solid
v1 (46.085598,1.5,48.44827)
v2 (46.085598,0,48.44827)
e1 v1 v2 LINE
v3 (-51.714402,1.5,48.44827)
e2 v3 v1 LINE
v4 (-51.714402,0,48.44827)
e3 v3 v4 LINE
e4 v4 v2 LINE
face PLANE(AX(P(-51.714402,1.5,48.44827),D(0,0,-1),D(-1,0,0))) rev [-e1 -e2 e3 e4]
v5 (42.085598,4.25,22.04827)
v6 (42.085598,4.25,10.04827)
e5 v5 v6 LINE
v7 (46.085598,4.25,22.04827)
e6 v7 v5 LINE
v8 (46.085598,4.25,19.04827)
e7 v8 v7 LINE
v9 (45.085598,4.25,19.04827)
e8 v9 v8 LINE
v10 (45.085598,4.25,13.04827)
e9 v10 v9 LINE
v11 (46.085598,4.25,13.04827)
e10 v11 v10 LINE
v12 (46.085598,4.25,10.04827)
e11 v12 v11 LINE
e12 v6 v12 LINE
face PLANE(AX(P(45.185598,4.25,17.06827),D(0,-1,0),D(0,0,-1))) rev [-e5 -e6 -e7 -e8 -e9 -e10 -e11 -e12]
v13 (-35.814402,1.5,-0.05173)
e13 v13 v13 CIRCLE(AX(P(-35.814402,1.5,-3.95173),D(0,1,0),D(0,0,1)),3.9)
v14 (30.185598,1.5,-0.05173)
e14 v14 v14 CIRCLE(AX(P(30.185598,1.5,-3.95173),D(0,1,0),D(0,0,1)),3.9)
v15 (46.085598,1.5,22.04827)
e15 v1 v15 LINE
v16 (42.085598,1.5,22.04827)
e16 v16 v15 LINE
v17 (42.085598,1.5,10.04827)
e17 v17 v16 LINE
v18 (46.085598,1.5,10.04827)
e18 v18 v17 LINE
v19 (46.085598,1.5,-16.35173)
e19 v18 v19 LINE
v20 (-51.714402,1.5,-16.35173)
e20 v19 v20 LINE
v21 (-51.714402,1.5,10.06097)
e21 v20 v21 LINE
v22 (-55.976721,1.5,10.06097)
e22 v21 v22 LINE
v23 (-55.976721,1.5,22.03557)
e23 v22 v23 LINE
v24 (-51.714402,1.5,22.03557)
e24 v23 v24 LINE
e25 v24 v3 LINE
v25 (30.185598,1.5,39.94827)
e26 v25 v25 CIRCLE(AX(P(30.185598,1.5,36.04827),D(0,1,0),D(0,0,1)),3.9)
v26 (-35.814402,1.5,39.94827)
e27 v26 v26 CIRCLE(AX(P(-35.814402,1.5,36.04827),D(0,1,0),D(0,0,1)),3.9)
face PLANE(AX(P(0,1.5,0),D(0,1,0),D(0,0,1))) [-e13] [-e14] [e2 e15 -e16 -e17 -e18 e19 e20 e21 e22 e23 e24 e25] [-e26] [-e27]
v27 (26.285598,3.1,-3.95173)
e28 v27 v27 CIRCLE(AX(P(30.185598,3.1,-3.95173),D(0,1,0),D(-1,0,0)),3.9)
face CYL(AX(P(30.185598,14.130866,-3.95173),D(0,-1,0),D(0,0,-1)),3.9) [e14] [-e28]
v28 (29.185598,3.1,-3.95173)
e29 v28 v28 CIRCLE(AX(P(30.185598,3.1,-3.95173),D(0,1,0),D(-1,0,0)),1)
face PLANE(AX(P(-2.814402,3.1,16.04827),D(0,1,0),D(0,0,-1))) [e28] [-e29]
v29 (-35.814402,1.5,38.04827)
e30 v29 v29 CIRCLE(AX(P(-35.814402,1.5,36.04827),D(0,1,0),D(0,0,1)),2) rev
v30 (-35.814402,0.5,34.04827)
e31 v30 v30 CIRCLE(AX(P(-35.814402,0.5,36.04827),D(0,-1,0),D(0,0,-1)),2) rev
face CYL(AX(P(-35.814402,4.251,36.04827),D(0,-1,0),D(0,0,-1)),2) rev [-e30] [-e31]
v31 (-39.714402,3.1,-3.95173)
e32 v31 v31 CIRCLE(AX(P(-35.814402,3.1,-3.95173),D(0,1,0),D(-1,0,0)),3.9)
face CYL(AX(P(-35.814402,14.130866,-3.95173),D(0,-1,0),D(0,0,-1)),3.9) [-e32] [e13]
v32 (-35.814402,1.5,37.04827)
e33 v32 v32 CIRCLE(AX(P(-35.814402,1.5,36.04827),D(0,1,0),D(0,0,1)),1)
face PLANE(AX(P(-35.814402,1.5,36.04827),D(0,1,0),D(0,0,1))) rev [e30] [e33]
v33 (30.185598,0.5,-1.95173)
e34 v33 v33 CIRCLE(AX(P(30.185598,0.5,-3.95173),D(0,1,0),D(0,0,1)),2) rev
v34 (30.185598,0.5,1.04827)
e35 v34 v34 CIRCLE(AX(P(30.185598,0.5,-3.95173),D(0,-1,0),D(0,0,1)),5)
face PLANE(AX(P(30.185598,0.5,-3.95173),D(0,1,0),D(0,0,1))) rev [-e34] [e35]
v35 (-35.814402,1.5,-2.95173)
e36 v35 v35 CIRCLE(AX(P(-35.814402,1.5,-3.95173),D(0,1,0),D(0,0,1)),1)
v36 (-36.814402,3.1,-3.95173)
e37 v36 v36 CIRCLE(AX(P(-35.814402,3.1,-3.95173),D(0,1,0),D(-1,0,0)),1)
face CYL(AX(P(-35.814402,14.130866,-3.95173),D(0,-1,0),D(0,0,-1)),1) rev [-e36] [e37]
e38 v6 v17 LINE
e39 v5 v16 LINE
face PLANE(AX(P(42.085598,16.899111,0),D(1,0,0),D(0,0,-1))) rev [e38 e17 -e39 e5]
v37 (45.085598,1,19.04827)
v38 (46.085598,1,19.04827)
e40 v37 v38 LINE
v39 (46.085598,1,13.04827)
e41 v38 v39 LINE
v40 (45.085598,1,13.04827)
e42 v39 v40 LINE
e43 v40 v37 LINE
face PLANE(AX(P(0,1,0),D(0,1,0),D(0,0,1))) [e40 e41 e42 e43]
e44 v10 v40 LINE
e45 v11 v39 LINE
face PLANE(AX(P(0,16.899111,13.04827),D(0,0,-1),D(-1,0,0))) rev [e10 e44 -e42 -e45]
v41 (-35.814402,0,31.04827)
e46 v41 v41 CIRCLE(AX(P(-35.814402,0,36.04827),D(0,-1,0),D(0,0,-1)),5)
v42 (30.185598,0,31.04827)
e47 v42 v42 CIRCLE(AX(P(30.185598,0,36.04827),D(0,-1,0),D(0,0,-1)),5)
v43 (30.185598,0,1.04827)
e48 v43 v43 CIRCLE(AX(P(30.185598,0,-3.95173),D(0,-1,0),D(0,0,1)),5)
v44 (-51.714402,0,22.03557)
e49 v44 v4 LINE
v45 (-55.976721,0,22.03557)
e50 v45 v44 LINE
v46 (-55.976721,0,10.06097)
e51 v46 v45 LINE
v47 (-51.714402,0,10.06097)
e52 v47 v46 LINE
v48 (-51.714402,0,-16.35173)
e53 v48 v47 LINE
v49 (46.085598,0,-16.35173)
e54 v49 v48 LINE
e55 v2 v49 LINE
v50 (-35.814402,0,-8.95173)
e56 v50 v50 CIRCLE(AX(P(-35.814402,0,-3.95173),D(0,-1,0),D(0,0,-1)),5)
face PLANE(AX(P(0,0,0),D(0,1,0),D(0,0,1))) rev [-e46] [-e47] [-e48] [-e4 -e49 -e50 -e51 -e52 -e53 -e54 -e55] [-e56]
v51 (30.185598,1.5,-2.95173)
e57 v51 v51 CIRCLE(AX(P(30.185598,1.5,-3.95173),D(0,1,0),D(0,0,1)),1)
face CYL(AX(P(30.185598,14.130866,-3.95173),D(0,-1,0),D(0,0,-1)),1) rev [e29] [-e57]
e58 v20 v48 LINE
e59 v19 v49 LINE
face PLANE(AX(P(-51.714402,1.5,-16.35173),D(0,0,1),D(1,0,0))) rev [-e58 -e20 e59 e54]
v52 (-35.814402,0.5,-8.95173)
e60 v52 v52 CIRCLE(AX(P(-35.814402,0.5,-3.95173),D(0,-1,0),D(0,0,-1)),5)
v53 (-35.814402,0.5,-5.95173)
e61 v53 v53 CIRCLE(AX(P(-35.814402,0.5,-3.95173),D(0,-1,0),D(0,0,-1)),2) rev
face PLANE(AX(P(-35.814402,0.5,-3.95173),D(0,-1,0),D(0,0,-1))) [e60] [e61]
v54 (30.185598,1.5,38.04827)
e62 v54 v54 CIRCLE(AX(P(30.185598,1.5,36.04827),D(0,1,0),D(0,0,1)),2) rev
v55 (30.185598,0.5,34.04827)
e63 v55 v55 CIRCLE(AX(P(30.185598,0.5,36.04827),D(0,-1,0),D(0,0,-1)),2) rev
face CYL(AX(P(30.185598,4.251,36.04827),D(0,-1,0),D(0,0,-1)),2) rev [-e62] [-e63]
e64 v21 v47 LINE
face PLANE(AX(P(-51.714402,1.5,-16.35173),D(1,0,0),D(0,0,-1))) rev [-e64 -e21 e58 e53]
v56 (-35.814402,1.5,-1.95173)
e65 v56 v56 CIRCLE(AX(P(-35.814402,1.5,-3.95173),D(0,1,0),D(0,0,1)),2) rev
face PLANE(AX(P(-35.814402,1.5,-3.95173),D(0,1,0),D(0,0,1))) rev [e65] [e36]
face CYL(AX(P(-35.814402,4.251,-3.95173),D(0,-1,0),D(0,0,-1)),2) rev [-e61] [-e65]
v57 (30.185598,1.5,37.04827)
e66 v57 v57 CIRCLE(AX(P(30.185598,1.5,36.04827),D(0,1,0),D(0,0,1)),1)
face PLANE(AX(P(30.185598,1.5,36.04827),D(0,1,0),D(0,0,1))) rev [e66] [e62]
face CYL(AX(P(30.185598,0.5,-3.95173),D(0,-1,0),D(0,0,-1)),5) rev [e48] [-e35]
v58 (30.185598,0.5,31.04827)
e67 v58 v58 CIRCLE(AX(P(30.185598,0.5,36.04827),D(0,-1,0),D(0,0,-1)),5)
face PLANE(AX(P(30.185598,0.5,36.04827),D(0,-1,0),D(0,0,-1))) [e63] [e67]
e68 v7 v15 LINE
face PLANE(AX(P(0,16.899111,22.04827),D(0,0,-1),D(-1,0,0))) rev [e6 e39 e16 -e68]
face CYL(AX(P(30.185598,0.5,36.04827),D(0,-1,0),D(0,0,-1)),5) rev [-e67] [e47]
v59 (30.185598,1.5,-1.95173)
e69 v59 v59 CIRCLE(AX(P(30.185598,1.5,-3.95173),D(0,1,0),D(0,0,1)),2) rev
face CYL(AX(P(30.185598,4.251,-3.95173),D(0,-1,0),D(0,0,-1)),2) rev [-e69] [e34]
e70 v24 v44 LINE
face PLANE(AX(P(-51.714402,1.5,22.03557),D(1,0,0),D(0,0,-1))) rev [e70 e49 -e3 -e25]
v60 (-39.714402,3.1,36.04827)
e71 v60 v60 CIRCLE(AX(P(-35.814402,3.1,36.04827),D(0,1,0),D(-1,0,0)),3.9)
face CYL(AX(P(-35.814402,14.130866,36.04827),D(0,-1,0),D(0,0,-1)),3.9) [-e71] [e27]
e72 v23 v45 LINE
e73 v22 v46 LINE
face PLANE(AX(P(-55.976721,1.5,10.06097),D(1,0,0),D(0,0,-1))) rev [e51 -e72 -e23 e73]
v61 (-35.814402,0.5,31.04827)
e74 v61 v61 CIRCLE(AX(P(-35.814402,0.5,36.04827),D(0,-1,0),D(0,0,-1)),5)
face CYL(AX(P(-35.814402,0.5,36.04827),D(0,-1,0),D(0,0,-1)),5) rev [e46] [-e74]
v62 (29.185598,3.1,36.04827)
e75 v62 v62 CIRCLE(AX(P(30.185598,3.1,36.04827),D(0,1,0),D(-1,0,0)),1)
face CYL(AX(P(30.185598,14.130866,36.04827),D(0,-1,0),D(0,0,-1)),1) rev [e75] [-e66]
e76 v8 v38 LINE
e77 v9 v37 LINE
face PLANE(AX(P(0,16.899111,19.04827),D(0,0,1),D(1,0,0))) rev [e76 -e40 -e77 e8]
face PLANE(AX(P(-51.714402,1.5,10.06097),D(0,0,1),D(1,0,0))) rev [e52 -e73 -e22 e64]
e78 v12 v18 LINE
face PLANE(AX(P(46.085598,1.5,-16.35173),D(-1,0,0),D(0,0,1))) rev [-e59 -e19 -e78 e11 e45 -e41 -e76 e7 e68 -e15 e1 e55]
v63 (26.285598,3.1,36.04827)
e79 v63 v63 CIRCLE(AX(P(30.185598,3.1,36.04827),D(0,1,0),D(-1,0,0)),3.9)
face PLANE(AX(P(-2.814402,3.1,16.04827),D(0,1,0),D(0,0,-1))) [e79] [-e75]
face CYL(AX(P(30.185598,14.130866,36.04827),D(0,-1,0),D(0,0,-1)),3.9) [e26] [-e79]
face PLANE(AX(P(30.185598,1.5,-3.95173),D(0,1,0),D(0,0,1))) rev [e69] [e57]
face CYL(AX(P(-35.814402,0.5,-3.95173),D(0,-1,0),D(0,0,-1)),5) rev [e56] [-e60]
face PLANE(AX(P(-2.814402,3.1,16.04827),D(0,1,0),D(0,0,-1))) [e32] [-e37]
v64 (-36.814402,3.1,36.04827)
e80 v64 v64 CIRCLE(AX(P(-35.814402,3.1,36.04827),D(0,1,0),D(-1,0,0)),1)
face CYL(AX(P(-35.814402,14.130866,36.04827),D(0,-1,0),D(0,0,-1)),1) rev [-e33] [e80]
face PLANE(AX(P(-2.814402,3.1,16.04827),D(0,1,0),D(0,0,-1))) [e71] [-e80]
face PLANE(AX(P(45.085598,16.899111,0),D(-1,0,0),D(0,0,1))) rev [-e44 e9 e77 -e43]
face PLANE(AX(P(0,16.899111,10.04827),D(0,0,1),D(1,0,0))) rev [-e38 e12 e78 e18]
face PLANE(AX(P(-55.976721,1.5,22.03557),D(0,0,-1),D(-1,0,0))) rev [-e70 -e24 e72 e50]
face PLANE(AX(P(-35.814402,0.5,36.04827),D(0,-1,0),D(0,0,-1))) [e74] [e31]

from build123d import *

# Parameters (mm, degrees)
EXTRUDE_1_DEPTH     = 1.5
SKETCH_2_R          = 5
CUT_EXTRUDE_1_DEPTH = 0.5
LED_3_START         = -4.25
LED_3_DEPTH         = 2.75
CUT_EXTRUDE_2_REACH = 76.153
SKETCH_15_R         = 2
EXTRUDE_START       = -3.1
SKETCH_16_R         = 3.9
SKETCH_16_R_2       = 1
EXTRUDE_4_DEPTH     = 1.6
LED_2_START         = -1.5
SKETCH_17_W         = 1
SKETCH_17_H         = 6
LED_2_DEPTH         = 0.5


with BuildPart() as part:
    # 草图1 → 凸台-拉伸1 (new body)
    with BuildSketch(Plane(origin=(0, 0, 0), x_dir=(1, 0, 0), z_dir=(0, 1, 0))):
        Polygon((-51.714401711, -10.060969859), (-55.976720774, -10.060969859), (-55.976720774, -22.035569809), (-51.714401711, -22.035569809), (-51.714401711, -48.448269834), (46.085598289, -48.448269834), (46.085598289, 16.351730166), (-51.714401711, 16.351730166), align=None)
    extrude(amount=EXTRUDE_1_DEPTH)

    # 草图2 → 防滑切除-拉伸1 (cut)
    with BuildSketch(Plane.XZ):
        with Locations(Location((-35.814401712, 36.048269834, 0), (0, 0, 270))):
            Circle(SKETCH_2_R)
        with Locations(Location((30.185598288, -3.951730166, 0), (0, 0, 90))):
            Circle(SKETCH_2_R)
        with Locations(Location((-35.814401712, -3.951730166, 0), (0, 0, 270))):
            Circle(SKETCH_2_R)
        with Locations(Location((30.185598288, 36.048269834, 0), (0, 0, 270))):
            Circle(SKETCH_2_R)
    extrude(amount=-CUT_EXTRUDE_1_DEPTH, mode=Mode.SUBTRACT)

    # 草图14 → LED限位凸台-拉伸3 (add)
    with BuildSketch(Plane.XZ.offset(LED_3_START)):
        Polygon((45.085598289, 13.048269834), (45.085598289, 19.048269834), (46.085598289, 19.048269834), (46.085598289, 22.048269834), (42.085598289, 22.048269834), (42.085598289, 10.048269834), (46.085598289, 10.048269834), (46.085598289, 13.048269834), align=None)
    extrude(amount=LED_3_DEPTH)

    # 草图15 → 螺丝孔位切除-拉伸2 (cut, up to next)
    with BuildSketch(Plane.XZ, mode=Mode.PRIVATE) as cut_extrude_2_sk1:
        with Locations(Location((-35.814401712, 36.048269834, 0), (0, 0, 270))):
            Circle(SKETCH_15_R)
    cut_extrude_2_tool1 = extrude(cut_extrude_2_sk1.sketch, amount=-CUT_EXTRUDE_2_REACH, mode=Mode.PRIVATE) & part.part
    # 草图15 → 螺丝孔位切除-拉伸2 (cut, up to next)
    with BuildSketch(Plane.XZ, mode=Mode.PRIVATE) as cut_extrude_2_sk2:
        with Locations(Location((30.185598288, 36.048269834, 0), (0, 0, 270))):
            Circle(SKETCH_15_R)
    cut_extrude_2_tool2 = extrude(cut_extrude_2_sk2.sketch, amount=-CUT_EXTRUDE_2_REACH, mode=Mode.PRIVATE) & part.part
    # 草图15 → 螺丝孔位切除-拉伸2 (cut, up to next)
    with BuildSketch(Plane.XZ, mode=Mode.PRIVATE) as cut_extrude_2_sk3:
        with Locations(Location((30.185598288, -3.951730166, 0), (0, 0, 90))):
            Circle(SKETCH_15_R)
    cut_extrude_2_tool3 = extrude(cut_extrude_2_sk3.sketch, amount=-CUT_EXTRUDE_2_REACH, mode=Mode.PRIVATE) & part.part
    # 草图15 → 螺丝孔位切除-拉伸2 (cut, up to next)
    with BuildSketch(Plane.XZ, mode=Mode.PRIVATE) as cut_extrude_2_sk4:
        with Locations(Location((-35.814401712, -3.951730166, 0), (0, 0, 270))):
            Circle(SKETCH_15_R)
    cut_extrude_2_tool4 = extrude(cut_extrude_2_sk4.sketch, amount=-CUT_EXTRUDE_2_REACH, mode=Mode.PRIVATE) & part.part
    add(cut_extrude_2_tool1.solids().sort_by_distance((-35.814402, 0, 36.04827))[0], mode=Mode.SUBTRACT)
    add(cut_extrude_2_tool2.solids().sort_by_distance((30.185598, 0, 36.04827))[0], mode=Mode.SUBTRACT)
    add(cut_extrude_2_tool3.solids().sort_by_distance((30.185598, 0, -3.95173))[0], mode=Mode.SUBTRACT)
    add(cut_extrude_2_tool4.solids().sort_by_distance((-35.814402, 0, -3.95173))[0], mode=Mode.SUBTRACT)

    # 草图16 → 螺丝孔凸台-拉伸4 (add)
    # profile 1 of 4: a face of its own
    with BuildSketch(Plane.XZ.offset(EXTRUDE_START)):
        with Locations(Location((-35.814401712, 36.048269834, 0), (0, 0, 180))):
            Circle(SKETCH_16_R)
        with Locations(Location((-35.814401712, 36.048269834, 0), (0, 0, 180))):
            Circle(SKETCH_16_R_2, mode=Mode.SUBTRACT)
    # profile 2 of 4: a face of its own
    with BuildSketch(Plane.XZ.offset(EXTRUDE_START)):
        with Locations(Location((30.185598288, 36.048269834, 0), (0, 0, 180))):
            Circle(SKETCH_16_R)
        with Locations(Location((30.185598288, 36.048269834, 0), (0, 0, 180))):
            Circle(SKETCH_16_R_2, mode=Mode.SUBTRACT)
    # profile 3 of 4: a face of its own
    with BuildSketch(Plane.XZ.offset(EXTRUDE_START)):
        with Locations(Location((30.185598288, -3.951730166, 0), (0, 0, 180))):
            Circle(SKETCH_16_R)
        with Locations(Location((30.185598288, -3.951730166, 0), (0, 0, 180))):
            Circle(SKETCH_16_R_2, mode=Mode.SUBTRACT)
    # profile 4 of 4: a face of its own
    with BuildSketch(Plane.XZ.offset(EXTRUDE_START)):
        with Locations(Location((-35.814401712, -3.951730166, 0), (0, 0, 180))):
            Circle(SKETCH_16_R)
        with Locations(Location((-35.814401712, -3.951730166, 0), (0, 0, 180))):
            Circle(SKETCH_16_R_2, mode=Mode.SUBTRACT)
    extrude(amount=EXTRUDE_4_DEPTH)

    # 草图17 → LED灯嵌入切除-拉伸2 (cut)
    with BuildSketch(Plane.XZ.offset(LED_2_START)):
        with Locations((45.585598289, 16.048269834)):
            Rectangle(SKETCH_17_W, SKETCH_17_H)
    extrude(amount=LED_2_DEPTH, mode=Mode.SUBTRACT)


solid = part.part
